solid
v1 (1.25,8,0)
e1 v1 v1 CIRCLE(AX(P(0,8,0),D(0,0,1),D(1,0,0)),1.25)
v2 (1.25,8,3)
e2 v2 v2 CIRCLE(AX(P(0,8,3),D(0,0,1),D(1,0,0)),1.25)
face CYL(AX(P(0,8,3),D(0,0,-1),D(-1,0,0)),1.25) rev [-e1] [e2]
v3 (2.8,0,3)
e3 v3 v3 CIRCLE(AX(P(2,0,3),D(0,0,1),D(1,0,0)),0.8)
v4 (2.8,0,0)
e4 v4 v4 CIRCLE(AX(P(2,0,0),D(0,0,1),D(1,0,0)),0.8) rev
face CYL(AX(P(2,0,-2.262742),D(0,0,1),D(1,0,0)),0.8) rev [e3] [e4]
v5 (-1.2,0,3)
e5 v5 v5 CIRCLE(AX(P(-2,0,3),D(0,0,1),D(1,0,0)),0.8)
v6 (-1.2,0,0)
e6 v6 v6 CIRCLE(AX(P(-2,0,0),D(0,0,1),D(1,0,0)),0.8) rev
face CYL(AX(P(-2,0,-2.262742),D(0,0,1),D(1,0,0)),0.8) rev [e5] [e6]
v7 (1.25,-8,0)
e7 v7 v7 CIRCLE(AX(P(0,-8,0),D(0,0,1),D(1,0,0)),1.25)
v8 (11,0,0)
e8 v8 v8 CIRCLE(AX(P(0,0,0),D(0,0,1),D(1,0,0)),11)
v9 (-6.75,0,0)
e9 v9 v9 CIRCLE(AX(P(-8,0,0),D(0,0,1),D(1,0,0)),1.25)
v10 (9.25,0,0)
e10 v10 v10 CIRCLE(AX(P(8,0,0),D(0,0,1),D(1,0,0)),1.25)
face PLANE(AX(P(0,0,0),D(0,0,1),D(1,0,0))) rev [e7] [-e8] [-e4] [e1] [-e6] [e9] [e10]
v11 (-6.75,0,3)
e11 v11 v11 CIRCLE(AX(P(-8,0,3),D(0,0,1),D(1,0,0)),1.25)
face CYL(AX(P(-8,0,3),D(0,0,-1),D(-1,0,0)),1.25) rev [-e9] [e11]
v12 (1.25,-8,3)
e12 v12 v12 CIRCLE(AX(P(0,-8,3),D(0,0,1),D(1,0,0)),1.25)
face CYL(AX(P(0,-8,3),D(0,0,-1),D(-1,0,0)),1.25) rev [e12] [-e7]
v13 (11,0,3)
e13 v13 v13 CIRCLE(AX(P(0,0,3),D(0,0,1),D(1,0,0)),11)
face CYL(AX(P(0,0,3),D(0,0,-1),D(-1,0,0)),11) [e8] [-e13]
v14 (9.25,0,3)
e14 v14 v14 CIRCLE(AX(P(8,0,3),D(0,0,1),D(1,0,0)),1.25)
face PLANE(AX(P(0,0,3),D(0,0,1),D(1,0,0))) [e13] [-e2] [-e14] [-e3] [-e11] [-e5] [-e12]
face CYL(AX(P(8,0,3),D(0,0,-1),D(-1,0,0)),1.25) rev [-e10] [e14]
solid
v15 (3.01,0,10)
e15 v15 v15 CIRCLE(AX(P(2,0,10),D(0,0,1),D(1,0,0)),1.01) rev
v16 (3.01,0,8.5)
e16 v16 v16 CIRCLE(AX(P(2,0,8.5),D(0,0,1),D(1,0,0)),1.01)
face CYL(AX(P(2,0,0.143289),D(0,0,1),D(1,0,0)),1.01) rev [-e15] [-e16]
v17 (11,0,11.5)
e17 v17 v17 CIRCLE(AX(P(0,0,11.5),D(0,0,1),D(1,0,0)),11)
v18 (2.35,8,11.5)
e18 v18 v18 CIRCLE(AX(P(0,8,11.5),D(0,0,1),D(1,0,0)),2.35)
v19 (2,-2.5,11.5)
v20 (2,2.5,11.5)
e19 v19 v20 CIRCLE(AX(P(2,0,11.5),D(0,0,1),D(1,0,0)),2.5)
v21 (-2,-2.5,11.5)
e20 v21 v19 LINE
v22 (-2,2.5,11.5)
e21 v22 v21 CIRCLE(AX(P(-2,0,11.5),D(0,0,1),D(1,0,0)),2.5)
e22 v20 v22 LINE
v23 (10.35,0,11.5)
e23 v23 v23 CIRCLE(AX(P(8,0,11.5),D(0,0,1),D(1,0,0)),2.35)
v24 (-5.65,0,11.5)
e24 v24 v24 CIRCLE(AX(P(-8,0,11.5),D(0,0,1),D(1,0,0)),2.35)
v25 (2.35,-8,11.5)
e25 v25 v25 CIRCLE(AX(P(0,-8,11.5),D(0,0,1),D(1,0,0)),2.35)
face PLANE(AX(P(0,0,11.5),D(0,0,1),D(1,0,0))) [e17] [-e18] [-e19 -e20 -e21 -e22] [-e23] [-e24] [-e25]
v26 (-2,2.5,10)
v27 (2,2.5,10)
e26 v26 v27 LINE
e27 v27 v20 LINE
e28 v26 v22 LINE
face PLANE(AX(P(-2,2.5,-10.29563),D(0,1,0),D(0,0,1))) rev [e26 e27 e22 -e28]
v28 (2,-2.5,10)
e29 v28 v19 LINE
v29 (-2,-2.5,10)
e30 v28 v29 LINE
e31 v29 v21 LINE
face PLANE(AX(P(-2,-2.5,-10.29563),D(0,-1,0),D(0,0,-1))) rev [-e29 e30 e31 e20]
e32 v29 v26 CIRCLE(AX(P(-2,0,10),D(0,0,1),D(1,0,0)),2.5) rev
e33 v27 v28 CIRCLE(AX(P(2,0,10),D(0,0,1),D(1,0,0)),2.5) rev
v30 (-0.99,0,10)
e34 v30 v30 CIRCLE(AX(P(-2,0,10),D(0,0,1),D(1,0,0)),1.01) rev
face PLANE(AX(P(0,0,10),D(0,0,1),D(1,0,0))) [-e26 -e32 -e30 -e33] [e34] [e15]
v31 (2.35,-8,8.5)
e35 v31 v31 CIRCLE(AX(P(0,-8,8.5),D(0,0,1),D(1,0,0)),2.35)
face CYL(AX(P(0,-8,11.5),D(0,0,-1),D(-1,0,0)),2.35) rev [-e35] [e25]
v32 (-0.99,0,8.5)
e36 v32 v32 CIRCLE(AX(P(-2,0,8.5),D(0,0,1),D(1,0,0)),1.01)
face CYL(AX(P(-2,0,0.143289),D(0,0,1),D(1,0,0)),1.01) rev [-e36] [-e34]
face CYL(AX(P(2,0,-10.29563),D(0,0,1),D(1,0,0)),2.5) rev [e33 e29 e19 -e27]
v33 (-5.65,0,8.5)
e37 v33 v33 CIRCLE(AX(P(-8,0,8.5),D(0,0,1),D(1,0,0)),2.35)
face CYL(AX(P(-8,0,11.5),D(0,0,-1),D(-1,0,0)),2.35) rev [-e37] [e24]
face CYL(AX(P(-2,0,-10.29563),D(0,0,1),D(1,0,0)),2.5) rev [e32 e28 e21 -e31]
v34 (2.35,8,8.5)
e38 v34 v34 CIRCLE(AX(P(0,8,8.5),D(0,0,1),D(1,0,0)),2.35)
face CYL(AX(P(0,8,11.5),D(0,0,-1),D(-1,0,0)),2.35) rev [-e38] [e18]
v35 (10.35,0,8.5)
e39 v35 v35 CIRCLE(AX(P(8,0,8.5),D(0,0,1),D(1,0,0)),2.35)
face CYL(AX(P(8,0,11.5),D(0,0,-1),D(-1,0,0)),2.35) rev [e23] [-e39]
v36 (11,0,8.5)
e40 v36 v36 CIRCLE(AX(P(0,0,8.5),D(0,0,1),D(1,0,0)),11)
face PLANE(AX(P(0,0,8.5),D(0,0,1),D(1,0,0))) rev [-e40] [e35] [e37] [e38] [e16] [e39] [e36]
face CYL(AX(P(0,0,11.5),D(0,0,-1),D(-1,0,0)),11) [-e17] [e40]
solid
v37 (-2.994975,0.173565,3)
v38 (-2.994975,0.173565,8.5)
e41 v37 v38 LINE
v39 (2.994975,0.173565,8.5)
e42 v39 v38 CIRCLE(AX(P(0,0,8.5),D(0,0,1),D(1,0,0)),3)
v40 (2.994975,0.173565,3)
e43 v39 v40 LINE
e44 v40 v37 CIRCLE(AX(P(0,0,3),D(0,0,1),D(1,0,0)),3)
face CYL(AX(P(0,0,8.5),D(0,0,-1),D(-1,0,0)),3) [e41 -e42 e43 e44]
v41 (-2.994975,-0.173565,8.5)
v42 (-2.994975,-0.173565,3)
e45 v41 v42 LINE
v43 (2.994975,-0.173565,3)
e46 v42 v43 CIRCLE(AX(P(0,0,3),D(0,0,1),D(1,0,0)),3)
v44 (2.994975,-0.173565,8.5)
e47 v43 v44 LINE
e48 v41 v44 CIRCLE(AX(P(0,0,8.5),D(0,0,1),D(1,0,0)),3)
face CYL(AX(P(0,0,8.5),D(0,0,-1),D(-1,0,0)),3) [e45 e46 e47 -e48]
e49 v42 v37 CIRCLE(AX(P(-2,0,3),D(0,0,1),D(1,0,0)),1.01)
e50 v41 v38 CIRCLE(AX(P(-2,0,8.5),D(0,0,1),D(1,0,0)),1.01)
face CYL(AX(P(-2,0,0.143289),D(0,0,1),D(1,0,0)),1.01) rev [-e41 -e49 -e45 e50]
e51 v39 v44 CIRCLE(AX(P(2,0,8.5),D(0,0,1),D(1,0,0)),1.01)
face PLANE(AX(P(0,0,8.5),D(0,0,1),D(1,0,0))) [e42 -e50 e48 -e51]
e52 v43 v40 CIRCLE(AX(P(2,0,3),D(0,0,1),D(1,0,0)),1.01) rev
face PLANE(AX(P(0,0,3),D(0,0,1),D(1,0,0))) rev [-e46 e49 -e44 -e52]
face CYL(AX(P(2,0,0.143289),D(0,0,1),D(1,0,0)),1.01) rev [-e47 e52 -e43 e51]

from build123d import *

# Parameters (mm, degrees)
SKETCH_1_R          = 11
SKETCH_1_R_2        = 1.25
EXTRUDE_1_DEPTH     = 3
SKETCH_2_R          = 3
EXTRUDE_2_DEPTH     = 5.5
SKETCH_3_R          = 11
SKETCH_3_R_2        = 2.35
EXTRUDE_3_DEPTH     = 3
CUT_EXTRUDE_START   = -11.5
SKETCH_8_R          = 1.01
CUT_EXTRUDE_4_DEPTH = 11.5
SKETCH_9_R          = 0.8
CUT_EXTRUDE_5_DEPTH = 3
CUT_EXTRUDE_6_DEPTH = 1.5


with BuildPart() as part:
    # ｽｹｯﾁ1 → ﾎﾞｽ - 押し出し1 (new body)
    with BuildSketch(Plane.XY):
        Circle(SKETCH_1_R)
        with Locations((-8, 0)):
            Circle(SKETCH_1_R_2, mode=Mode.SUBTRACT)
        with Locations((0, 8)):
            Circle(SKETCH_1_R_2, mode=Mode.SUBTRACT)
        with Locations((8, 0)):
            Circle(SKETCH_1_R_2, mode=Mode.SUBTRACT)
        with Locations((0, -8)):
            Circle(SKETCH_1_R_2, mode=Mode.SUBTRACT)
    extrude(amount=EXTRUDE_1_DEPTH)

    # ｽｹｯﾁ9 → ｶｯﾄ - 押し出し5 (cut)
    with BuildSketch(Plane.XY.offset(3)):
        with Locations((-2, 0)):
            Circle(SKETCH_9_R)
        with Locations((2, 0)):
            Circle(SKETCH_9_R)
    extrude(amount=-CUT_EXTRUDE_5_DEPTH, mode=Mode.SUBTRACT)


with BuildPart() as body_2:
    # ｽｹｯﾁ2 → ﾎﾞｽ - 押し出し2 (new body)
    with BuildSketch(Plane.XY.offset(3)):
        Circle(SKETCH_2_R)
    extrude(amount=EXTRUDE_2_DEPTH)


with BuildPart() as body_3:
    # ｽｹｯﾁ3 → ﾎﾞｽ - 押し出し3 (new body)
    with BuildSketch(Plane.XY.offset(8.5)):
        Circle(SKETCH_3_R)
        with Locations((-8, 0)):
            Circle(SKETCH_3_R_2, mode=Mode.SUBTRACT)
        with Locations((0, 8)):
            Circle(SKETCH_3_R_2, mode=Mode.SUBTRACT)
        with Locations((8, 0)):
            Circle(SKETCH_3_R_2, mode=Mode.SUBTRACT)
        with Locations((0, -8)):
            Circle(SKETCH_3_R_2, mode=Mode.SUBTRACT)
    extrude(amount=EXTRUDE_3_DEPTH)


with BuildPart() as cut_extrude_4_tool:
    # ｽｹｯﾁ8 → ｶｯﾄ - 押し出し4 (new body)
    with BuildSketch(Plane.XY.offset(11.5).offset(CUT_EXTRUDE_START)):
        with Locations((-2, 0)):
            Circle(SKETCH_8_R)
        with Locations((2, 0)):
            Circle(SKETCH_8_R)
    extrude(amount=CUT_EXTRUDE_4_DEPTH)


with BuildPart() as body_2_1:
    add(body_2.part)

    # ｶｯﾄ - 押し出し4: cut by cut_extrude_4_tool
    add(cut_extrude_4_tool.part, mode=Mode.SUBTRACT)


with BuildPart() as body_3_1:
    add(body_3.part)

    # ｶｯﾄ - 押し出し4: cut by cut_extrude_4_tool
    add(cut_extrude_4_tool.part, mode=Mode.SUBTRACT)

    # ｽｹｯﾁ11 → ｶｯﾄ - 押し出し6 (cut)
    with BuildSketch(Plane.XY.offset(11.5)):
        with BuildLine():
            Line((-2, 2.5), (2, 2.5))
            ThreePointArc((2, 2.5), (4.5, 0), (2, -2.5))
            Line((2, -2.5), (-2, -2.5))
            ThreePointArc((-2, -2.5), (-4.5, 0), (-2, 2.5))
        make_face()
    extrude(amount=-CUT_EXTRUDE_6_DEPTH, mode=Mode.SUBTRACT)


solid = Compound([part.part, body_2_1.part, body_3_1.part])
